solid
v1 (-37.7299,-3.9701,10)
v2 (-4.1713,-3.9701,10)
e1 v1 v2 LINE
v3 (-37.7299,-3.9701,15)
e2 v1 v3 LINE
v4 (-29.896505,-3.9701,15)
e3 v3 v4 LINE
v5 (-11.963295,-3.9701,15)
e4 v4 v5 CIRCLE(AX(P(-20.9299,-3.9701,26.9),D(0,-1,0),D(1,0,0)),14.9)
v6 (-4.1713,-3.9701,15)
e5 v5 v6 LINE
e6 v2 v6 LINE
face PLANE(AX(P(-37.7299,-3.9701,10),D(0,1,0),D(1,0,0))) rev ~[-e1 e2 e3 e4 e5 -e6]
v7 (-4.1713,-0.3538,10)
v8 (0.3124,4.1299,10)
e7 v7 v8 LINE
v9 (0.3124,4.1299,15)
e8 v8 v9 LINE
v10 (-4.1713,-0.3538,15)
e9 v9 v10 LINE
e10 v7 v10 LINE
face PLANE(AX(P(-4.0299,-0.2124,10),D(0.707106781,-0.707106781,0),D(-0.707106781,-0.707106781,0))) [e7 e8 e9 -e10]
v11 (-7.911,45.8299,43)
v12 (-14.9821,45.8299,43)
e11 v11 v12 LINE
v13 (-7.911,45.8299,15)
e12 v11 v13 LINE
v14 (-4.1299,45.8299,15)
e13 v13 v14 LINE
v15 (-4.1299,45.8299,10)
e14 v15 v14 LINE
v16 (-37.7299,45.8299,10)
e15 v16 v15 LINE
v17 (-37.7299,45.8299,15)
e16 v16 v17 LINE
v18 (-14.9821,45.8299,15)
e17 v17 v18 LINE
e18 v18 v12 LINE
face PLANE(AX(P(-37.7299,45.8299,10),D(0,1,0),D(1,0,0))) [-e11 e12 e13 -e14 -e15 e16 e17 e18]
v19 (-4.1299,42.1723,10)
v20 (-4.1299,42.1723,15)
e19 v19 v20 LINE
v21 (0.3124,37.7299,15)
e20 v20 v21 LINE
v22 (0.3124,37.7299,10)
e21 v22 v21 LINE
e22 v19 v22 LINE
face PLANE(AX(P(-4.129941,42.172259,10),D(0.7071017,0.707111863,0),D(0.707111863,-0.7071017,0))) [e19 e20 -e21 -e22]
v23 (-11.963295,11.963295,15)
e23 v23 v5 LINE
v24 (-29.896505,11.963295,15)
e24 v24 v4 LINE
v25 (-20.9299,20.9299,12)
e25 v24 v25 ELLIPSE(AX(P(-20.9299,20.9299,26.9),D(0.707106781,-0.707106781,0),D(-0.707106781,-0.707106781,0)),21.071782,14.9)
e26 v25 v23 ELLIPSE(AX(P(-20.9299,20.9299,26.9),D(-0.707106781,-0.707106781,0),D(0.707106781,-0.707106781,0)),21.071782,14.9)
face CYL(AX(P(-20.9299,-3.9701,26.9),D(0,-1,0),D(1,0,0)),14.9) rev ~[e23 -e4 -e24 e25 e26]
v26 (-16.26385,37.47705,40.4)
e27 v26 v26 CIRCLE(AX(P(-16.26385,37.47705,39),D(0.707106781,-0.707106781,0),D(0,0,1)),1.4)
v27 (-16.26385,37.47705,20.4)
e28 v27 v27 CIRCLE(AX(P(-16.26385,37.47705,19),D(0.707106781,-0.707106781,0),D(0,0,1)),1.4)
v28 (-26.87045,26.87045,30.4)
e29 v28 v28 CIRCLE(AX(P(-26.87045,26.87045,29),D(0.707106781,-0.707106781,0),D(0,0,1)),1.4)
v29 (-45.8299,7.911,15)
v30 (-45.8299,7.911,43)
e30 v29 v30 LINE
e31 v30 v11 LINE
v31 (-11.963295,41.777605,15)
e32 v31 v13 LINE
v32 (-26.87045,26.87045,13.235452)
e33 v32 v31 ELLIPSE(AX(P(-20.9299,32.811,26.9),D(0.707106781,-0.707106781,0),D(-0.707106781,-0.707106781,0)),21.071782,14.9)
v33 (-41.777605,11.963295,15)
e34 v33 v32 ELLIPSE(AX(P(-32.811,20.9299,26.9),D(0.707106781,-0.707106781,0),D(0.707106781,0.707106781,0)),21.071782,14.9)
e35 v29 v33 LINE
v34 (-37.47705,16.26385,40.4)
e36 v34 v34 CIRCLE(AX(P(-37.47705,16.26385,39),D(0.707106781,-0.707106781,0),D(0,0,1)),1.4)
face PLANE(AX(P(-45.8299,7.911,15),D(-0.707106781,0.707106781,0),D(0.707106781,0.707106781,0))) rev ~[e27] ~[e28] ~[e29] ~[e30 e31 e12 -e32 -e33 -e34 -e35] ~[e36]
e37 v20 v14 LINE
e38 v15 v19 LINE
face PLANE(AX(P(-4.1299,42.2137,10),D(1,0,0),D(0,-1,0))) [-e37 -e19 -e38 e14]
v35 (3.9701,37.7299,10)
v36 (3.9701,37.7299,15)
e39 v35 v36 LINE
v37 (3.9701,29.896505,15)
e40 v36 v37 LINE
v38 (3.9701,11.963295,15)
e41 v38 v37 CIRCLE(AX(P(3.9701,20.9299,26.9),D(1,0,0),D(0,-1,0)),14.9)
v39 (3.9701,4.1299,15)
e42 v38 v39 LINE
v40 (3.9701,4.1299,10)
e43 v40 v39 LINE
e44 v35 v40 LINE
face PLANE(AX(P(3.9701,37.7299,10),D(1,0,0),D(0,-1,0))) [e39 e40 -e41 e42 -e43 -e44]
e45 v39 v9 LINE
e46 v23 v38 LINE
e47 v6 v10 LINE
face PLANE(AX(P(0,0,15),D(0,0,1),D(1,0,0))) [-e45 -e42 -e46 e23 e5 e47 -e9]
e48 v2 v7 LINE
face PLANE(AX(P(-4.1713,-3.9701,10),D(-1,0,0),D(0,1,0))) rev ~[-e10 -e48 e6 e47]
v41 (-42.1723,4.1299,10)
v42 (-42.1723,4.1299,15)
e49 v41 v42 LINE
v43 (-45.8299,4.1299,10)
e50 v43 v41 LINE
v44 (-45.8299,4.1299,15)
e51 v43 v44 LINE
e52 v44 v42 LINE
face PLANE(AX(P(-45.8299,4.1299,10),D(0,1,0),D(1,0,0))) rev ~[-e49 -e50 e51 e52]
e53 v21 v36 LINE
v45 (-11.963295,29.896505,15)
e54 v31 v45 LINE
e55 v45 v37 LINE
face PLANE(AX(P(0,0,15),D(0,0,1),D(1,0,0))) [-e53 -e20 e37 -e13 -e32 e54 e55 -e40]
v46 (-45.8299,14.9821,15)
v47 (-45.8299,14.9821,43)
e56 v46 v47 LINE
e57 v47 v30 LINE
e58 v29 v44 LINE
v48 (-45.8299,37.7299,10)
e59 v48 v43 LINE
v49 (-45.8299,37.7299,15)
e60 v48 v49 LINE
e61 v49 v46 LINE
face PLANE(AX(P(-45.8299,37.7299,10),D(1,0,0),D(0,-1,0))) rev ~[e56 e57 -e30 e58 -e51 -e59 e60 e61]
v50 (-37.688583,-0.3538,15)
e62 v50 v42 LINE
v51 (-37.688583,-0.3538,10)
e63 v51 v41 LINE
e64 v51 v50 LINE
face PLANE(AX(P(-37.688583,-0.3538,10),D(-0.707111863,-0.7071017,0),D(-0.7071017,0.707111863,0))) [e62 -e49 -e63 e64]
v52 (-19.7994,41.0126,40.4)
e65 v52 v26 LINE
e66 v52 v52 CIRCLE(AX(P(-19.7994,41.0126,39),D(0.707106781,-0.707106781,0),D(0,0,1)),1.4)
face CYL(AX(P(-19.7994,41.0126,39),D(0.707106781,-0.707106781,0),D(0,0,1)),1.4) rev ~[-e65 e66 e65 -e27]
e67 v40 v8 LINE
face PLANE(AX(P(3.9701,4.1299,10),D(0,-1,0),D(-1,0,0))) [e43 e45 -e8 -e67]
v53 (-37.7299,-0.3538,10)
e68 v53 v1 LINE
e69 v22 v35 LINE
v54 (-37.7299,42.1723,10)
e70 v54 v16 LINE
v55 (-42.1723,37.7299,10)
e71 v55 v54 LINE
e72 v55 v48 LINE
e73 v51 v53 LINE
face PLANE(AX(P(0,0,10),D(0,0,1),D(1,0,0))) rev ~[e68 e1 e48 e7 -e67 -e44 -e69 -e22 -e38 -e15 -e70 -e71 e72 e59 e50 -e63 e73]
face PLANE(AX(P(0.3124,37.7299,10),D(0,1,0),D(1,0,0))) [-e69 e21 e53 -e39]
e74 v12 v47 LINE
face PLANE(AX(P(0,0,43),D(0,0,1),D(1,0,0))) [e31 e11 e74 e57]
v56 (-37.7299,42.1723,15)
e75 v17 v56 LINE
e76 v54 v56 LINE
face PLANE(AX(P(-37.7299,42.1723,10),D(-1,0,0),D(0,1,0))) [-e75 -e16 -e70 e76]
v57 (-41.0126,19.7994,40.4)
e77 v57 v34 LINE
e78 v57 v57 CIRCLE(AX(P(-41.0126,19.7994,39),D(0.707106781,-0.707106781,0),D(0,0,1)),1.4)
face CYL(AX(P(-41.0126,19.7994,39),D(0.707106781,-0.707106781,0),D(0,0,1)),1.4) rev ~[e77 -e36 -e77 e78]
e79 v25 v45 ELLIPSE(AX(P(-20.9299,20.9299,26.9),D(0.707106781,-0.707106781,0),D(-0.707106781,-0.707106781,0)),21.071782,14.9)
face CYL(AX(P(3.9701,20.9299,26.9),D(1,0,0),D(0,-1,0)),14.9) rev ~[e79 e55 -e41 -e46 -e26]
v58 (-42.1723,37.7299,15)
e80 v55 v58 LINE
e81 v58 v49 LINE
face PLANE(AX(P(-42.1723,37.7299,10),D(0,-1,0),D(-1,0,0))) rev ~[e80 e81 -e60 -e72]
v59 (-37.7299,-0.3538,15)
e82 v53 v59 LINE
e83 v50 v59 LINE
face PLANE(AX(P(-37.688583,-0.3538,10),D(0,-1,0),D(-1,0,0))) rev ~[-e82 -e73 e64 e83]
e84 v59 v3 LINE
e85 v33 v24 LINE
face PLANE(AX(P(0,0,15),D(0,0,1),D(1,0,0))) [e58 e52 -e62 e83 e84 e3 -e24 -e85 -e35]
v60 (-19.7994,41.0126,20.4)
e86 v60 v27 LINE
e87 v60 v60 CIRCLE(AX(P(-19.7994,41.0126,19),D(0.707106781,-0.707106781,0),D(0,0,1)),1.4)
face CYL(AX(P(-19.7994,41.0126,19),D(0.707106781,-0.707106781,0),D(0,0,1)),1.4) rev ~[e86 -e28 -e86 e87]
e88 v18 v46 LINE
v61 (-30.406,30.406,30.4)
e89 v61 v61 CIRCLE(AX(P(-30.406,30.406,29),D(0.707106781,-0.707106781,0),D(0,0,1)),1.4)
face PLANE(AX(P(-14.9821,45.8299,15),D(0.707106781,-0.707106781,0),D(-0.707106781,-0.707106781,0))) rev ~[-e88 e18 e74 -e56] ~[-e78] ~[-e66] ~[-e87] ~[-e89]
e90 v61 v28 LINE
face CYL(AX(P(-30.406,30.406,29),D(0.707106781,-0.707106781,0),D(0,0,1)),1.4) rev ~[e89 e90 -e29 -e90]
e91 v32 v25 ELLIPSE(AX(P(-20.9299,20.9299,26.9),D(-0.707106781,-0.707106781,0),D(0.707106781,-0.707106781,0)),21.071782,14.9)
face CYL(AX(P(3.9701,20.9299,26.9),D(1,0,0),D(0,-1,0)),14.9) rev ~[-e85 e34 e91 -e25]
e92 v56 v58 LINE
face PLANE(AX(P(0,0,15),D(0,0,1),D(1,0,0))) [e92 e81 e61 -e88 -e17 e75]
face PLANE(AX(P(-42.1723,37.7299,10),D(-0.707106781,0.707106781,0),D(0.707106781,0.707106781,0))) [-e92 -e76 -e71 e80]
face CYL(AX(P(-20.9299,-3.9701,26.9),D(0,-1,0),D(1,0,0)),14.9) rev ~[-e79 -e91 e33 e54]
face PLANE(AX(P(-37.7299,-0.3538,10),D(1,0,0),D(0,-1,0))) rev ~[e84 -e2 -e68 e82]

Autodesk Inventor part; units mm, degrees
ref_plane "YZ Plane" through (0, 0, 0) normal (1, 0, 0) x (0, 1, 0)
ref_plane "XZ Plane" through (0, 0, 0) normal (0, 1, 0) x (-1, 0, 0)
ref_plane "Work Plane1" through (0, 0, 10) normal (0, 0, 1) x (1, 0, 0)
sketch "Sketch1" plane through (0, 0, 10) normal (0, 0, 1) x (1, 0, 0)
  line L0 (-4.0299, -0.3538) -> (-2.2322, 1.4439) construction
  arc A0 (-1.4439, 2.2322) -> (-2.2322, 1.4439) centre (-0.9299, 0.9299) ccw construction
  line L1 (-1.4439, 2.2322) -> (0.3538, 4.0299) construction
  line L2 (-37.8299, 42.8299) -> (-37.8299, 37.8299) construction
  line L3 (-37.8299, 37.8299) -> (-42.9208, 37.8299) construction
  line L4 (-37.8299, 42.2137) -> (-37.8299, 45.8299) construction
  line L5 (-37.8299, 45.8299) -> (-4.0299, 45.8299) construction
  line L6 (-4.0299, 45.8299) -> (-4.0299, 42.2137) construction
  line L7 (-4.0299, 4.0299) -> (0.3538, 4.0299) projected
  circle A1 centre (-20.9299, 20.9299) radius 17.5 projected
  line L8 (-20.9299, 58.9723) -> (17.1124, 20.9299) construction
  line L9 (17.1124, 20.9299) -> (-20.9299, -17.1124) construction
  line L10 (-20.9299, -17.1124) -> (-58.9723, 20.9299) construction
  line L11 (-58.9723, 20.9299) -> (-20.9299, 58.9723) construction
  line L12 (-20.9299, 58.9723) -> (-20.9299, -17.1124) construction
  line L13 (17.1124, 20.9299) -> (-58.9723, 20.9299) construction
  line L14 (-20.9299, 58.9723) -> (32.8701, 58.9723) construction
  line L15 (-43.4299, 43.4299) -> (1.5701, 43.4299) construction
  line L16 (1.5701, 43.4299) -> (1.5701, -1.5701) construction
  line L17 (1.5701, -1.5701) -> (-43.4299, -1.5701) construction
  line L18 (-43.4299, -1.5701) -> (-43.4299, 43.4299) construction
  line L19 (-43.4299, 43.4299) -> (1.5701, -1.5701) construction
  line L20 (1.5701, 43.4299) -> (-43.4299, -1.5701) construction
  line L21 (-43.4299, 5.3876) -> (-43.4299, 36.4723)
  line L22 (-43.4299, 36.4723) -> (-36.4723, 43.4299)
  line L23 (-36.4723, 43.4299) -> (-5.3876, 43.4299)
  line L24 (-5.3876, 43.4299) -> (1.5701, 36.4723)
  line L25 (1.5701, 36.4723) -> (1.5701, 5.3876)
  line L26 (1.5701, 5.3876) -> (-5.3876, -1.5701)
  line L27 (-5.3876, -1.5701) -> (-36.4723, -1.5701)
  line L28 (-36.4723, -1.5701) -> (-43.4299, 5.3876)
  line L29 (-4.0299, 42.2137) -> (-37.8299, 42.2137) projected
  line L30 (-4.0299, -0.3538) -> (-4.0299, 4.0299) projected
  circle A2 centre (-20.9299, 20.9299) radius 1.4
  line L31 (-10.9299, 10.9299) -> (-30.9299, 10.9299) construction
  line L32 (-30.9299, 10.9299) -> (-30.9299, 30.9299) construction
  line L33 (-30.9299, 30.9299) -> (-10.9299, 30.9299) construction
  line L34 (-10.9299, 30.9299) -> (-10.9299, 10.9299) construction
  line L35 (-10.9299, 10.9299) -> (-30.9299, 30.9299) construction
  line L36 (-30.9299, 10.9299) -> (-10.9299, 30.9299) construction
  circle A3 centre (-30.9299, 30.9299) radius 1.4
  circle A4 centre (-30.9299, 10.9299) radius 1.4
  circle A5 centre (-10.9299, 10.9299) radius 1.4
  line L37 (-45.8299, 37.8299) -> (-42.0723, 37.8299) construction
  line L38 (-42.1723, 37.7299) -> (-45.8299, 37.7299)
  line L39 (-45.8299, 37.7299) -> (-45.8299, 4.1299)
  line L40 (-45.8299, 4.1299) -> (-42.1723, 4.1299)
  line L41 (-42.1723, 4.1299) -> (-42.1723, 37.7299)
  line L42 (-45.8299, 4.0299) -> (-42.0723, 4.0299) construction
  line L43 (-45.8299, 37.8299) -> (-42.0723, 37.8299) projected
  line L44 (-37.7299, 45.8299) -> (-4.1299, 45.8299)
  line L45 (-4.1299, 45.8299) -> (-4.1299, 42.1723)
  line L46 (-4.1299, 42.1723) -> (-37.7299, 42.1723)
  line L47 (-37.7299, 42.1723) -> (-37.7299, 45.8299)
  line L48 (0.4701, 37.8299) -> (0.4701, 4.0299) construction
  line L49 (0.4701, 4.0299) -> (3.9701, 4.0299) construction
  line L50 (3.9701, 37.8299) -> (3.9701, 4.0299) construction
  line L51 (0.4701, 37.8299) -> (3.9701, 37.8299) construction
  line L52 (-45.8299, -3.9701) -> (-4.0299, -3.9701) construction
  line L53 (0.3124, 37.7299) -> (3.9701, 37.7299)
  line L54 (3.9701, 37.7299) -> (3.9701, 4.1299)
  line L55 (3.9701, 4.1299) -> (0.3124, 4.1299)
  line L56 (0.3124, 4.1299) -> (0.3124, 37.7299)
  line L57 (-4.1713, -0.3538) -> (-37.7299, -0.3538)
  line L58 (-37.7299, -0.3538) -> (-37.7299, -3.9701)
  line L59 (-37.7299, -3.9701) -> (-4.1713, -3.9701)
  line L60 (-4.1713, -3.9701) -> (-4.1713, -0.3538)
  point P0 (-37.8299, 4.0299)
  dimension "d18" = 53.8
  dimension "d19" = 45
  dimension "d20" = 53.8
  dimension "d21" = 45
  dimension "d22" = 45
  dimension "d30" = 20
  dimension "d31" = 20
  dimension "d32" = 2.8
  dimension "d33" = 2.8
  dimension "d34" = 2.8
  dimension "d35" = 2.8
  dimension "d36" = 0.1
  dimension "d37" = 0.1
  dimension "d38" = 0.1
  dimension "d39" = 0.1
extrude "Extrusion1" add sketch "Sketch1" along normal blind 5 contours L30 L26 L57 L28 L41 L22 L46 L24 L56 L7 | L7 L26 L30 | L56 L24 L25 L26 | L26 L25 L24 L53 L54 L55 | L60 L59 L58 L57 L28 L27 L26 | L26 L27 L28 L57 | L46 L22 L29 L24 | L24 L29 L45 | L40 L39 L38 L22 L21 L28 | L28 L21 L22 L41 | L29 L22 L23 L24 | L24 L23 L22 L29 L47 L44 L45 | L47 L29 L22 | A1 | A2 | A3 | A4 | A5
sketch "Sketch4" plane through (0, 0, 15) normal (0, 0, 1) x (1, 0, 0)
  line L0 (-37.7299, 42.1723) -> (-42.1723, 37.7299) projected
  line L1 (-42.1723, 37.7299) -> (-45.8299, 37.7299) projected
  line L2 (-45.8299, 37.7299) -> (-45.8299, 4.1299) projected
  line L3 (-45.8299, 4.1299) -> (-42.1723, 4.1299) projected
  line L4 (-42.1723, 4.1299) -> (-37.6885, -0.3538) projected
  line L5 (-37.6885, -0.3538) -> (-37.7299, -0.3538) projected
  line L6 (-37.7299, -0.3538) -> (-37.7299, -3.9701) projected
  line L7 (-37.7299, -3.9701) -> (-4.1713, -3.9701) projected
  line L8 (-4.1713, -3.9701) -> (-4.1713, -0.3538) projected
  line L9 (-4.1713, -0.3538) -> (0.3124, 4.1299) projected
  line L10 (0.3124, 4.1299) -> (3.9701, 4.1299) projected
  line L11 (3.9701, 4.1299) -> (3.9701, 37.7299) projected
  line L12 (3.9701, 37.7299) -> (0.3124, 37.7299) projected
  line L13 (0.3124, 37.7299) -> (-4.1299, 42.1723) projected
  line L14 (-4.1299, 42.1723) -> (-4.1299, 45.8299) projected
  line L15 (-4.1299, 45.8299) -> (-37.7299, 45.8299) projected
  line L16 (-37.7299, 45.8299) -> (-37.7299, 42.1723) projected
  line L17 (-45.8299, 37.7299) -> (-45.8299, 4.1299) projected
  line L18 (-45.8299, 7.911) -> (-7.911, 45.8299)
  line L19 (-45.8299, 7.911) -> (7.7955, 7.911) construction
  line L20 (-7.911, 45.8299) -> (-14.9821, 45.8299)
  line L21 (-4.1299, 45.8299) -> (-37.7299, 45.8299) projected
  line L22 (-14.9821, 45.8299) -> (-45.8299, 14.9821)
  line L23 (-45.8299, 7.911) -> (-45.8299, 14.9821)
  circle A0 centre (-40.9299, 0.9299) radius 1.1933 projected
  circle A1 centre (-0.9299, 40.9299) radius 1.4 projected
  line L24 (-40.9299, 0.9299) -> (-0.9299, 40.9299)
  line L25 (0.3124, 37.7299) -> (-4.1299, 42.1723) projected
  point P0 (0, 0)
  dimension "d40" = 45
  dimension "d41" = 5
extrude "Extrusion4" add sketch "Sketch4" along normal blind 28 contours L15 L18 L2 L22
sketch "Sketch5" plane through (-45.8299, 14.9821, 15) normal (-0.7071, 0.7071, 0) x (-0.7071, -0.7071, 0)
  line L0 (0, 0) -> (-43.6254, 0) projected
  line L1 (0, 0) -> (0, 28) projected
  line L2 (-43.6254, 28) -> (0, 28) projected
  line L3 (-43.6254, 0) -> (-43.6254, 28) projected
  circle A0 centre (-21.8127, 6.1873) radius 21.8127
  line L4 (-6.8127, 24) -> (-36.8127, 24) construction
  line L5 (-36.8127, 24) -> (-36.8127, 4) construction
  line L6 (-36.8127, 4) -> (-6.8127, 4) construction
  line L7 (-6.8127, 4) -> (-6.8127, 24) construction
  line L8 (-6.8127, 24) -> (-36.8127, 4) construction
  line L9 (-36.8127, 24) -> (-6.8127, 4) construction
  point P0 (-21.8127, -15)
  point P1 (-21.8127, 14)
  dimension "d44" = 30
  dimension "d45" = 20
hole "Hole1" at (-19.7994, 41.0126, 39) at (-19.7994, 41.0126, 19) at (-41.0126, 19.7994, 39) at (-30.406, 30.406, 29) direction (0.7071, -0.7071, 0) diameter 2.8 depth 12
sketch "Sketch6" plane through (-37.7299, -3.9701, 10) normal (0, -1, 0) x (1, 0, 0)
  circle A0 centre (-3.2, 36.9) radius 1.45 projected
  circle A1 centre (36.8, 36.9) radius 1.45 projected
  line L0 (-6.1, 0) -> (-6.1, 39.8) projected
  line L1 (-0.1, 0) -> (-6.1, 0) projected
  line L2 (-0.1, 33.8) -> (-0.1, 0) projected
  line L3 (33.7, 33.8) -> (-0.1, 33.8) projected
  line L4 (33.7, 33.8) -> (33.7, 0) projected
  line L5 (39.7, 0) -> (33.7, 0) projected
  line L6 (39.7, 39.8) -> (39.7, 0) projected
  line L7 (-6.1, 39.8) -> (39.7, 39.8) projected
  circle A2 centre (16.8, 16.9) radius 16.9
  circle A3 centre (16.8, 16.9) radius 14.9
  line L8 (-0.1, 16.9) -> (-0.1, 0)
  line L9 (0, 0) -> (33.5586, 0) projected
  line L10 (0.0414, 0) -> (-4.4423, 0) projected
  line L11 (33.5586, 0) -> (0.0414, 0)
  line L12 (33.7, 16.9) -> (33.5586, 0)
  point P0 (37.7299, -10)
  dimension "d53" = 2
extrude "Extrusion5" cut sketch "Sketch6" against normal up to surface contours A3 surface through (-45.8299, 7.911, 15) normal (0.7071, -0.7071, 0)
ref_plane "Work Plane3" through (3.9701, 45.8299, 26) normal (1, 0, 0) x (0, -1, 0)
sketch "Sketch7" plane through (3.9701, 45.8299, 26) normal (1, 0, 0) x (0, -1, 0)
  line L0 (41.8, -17.8) -> (41.8, 16) projected
  line L1 (8, -17.8) -> (41.8, -17.8) projected
  line L2 (8, -17.8) -> (8, 16) projected
  circle A0 centre (24.9, -0.9) radius 16.9
  circle A1 centre (24.9, -0.9) radius 14.9
  point P0 (45.8299, 26)
  dimension "d56" = 2
ref_plane "Work Plane4" through (-34.8055, 8.3289, 16.6138) normal (0.7071, -0.7071, 0) x (0.7071, 0.7071, 0)
extrude "Extrusion6" cut sketch "Sketch7" against normal up to surface contours A1 surface through (-45.8299, 7.911, 15) normal (0.7071, -0.7071, 0)
properties part number "20_Cube_Insert_Kinematic_Mirrormount_45_base"
